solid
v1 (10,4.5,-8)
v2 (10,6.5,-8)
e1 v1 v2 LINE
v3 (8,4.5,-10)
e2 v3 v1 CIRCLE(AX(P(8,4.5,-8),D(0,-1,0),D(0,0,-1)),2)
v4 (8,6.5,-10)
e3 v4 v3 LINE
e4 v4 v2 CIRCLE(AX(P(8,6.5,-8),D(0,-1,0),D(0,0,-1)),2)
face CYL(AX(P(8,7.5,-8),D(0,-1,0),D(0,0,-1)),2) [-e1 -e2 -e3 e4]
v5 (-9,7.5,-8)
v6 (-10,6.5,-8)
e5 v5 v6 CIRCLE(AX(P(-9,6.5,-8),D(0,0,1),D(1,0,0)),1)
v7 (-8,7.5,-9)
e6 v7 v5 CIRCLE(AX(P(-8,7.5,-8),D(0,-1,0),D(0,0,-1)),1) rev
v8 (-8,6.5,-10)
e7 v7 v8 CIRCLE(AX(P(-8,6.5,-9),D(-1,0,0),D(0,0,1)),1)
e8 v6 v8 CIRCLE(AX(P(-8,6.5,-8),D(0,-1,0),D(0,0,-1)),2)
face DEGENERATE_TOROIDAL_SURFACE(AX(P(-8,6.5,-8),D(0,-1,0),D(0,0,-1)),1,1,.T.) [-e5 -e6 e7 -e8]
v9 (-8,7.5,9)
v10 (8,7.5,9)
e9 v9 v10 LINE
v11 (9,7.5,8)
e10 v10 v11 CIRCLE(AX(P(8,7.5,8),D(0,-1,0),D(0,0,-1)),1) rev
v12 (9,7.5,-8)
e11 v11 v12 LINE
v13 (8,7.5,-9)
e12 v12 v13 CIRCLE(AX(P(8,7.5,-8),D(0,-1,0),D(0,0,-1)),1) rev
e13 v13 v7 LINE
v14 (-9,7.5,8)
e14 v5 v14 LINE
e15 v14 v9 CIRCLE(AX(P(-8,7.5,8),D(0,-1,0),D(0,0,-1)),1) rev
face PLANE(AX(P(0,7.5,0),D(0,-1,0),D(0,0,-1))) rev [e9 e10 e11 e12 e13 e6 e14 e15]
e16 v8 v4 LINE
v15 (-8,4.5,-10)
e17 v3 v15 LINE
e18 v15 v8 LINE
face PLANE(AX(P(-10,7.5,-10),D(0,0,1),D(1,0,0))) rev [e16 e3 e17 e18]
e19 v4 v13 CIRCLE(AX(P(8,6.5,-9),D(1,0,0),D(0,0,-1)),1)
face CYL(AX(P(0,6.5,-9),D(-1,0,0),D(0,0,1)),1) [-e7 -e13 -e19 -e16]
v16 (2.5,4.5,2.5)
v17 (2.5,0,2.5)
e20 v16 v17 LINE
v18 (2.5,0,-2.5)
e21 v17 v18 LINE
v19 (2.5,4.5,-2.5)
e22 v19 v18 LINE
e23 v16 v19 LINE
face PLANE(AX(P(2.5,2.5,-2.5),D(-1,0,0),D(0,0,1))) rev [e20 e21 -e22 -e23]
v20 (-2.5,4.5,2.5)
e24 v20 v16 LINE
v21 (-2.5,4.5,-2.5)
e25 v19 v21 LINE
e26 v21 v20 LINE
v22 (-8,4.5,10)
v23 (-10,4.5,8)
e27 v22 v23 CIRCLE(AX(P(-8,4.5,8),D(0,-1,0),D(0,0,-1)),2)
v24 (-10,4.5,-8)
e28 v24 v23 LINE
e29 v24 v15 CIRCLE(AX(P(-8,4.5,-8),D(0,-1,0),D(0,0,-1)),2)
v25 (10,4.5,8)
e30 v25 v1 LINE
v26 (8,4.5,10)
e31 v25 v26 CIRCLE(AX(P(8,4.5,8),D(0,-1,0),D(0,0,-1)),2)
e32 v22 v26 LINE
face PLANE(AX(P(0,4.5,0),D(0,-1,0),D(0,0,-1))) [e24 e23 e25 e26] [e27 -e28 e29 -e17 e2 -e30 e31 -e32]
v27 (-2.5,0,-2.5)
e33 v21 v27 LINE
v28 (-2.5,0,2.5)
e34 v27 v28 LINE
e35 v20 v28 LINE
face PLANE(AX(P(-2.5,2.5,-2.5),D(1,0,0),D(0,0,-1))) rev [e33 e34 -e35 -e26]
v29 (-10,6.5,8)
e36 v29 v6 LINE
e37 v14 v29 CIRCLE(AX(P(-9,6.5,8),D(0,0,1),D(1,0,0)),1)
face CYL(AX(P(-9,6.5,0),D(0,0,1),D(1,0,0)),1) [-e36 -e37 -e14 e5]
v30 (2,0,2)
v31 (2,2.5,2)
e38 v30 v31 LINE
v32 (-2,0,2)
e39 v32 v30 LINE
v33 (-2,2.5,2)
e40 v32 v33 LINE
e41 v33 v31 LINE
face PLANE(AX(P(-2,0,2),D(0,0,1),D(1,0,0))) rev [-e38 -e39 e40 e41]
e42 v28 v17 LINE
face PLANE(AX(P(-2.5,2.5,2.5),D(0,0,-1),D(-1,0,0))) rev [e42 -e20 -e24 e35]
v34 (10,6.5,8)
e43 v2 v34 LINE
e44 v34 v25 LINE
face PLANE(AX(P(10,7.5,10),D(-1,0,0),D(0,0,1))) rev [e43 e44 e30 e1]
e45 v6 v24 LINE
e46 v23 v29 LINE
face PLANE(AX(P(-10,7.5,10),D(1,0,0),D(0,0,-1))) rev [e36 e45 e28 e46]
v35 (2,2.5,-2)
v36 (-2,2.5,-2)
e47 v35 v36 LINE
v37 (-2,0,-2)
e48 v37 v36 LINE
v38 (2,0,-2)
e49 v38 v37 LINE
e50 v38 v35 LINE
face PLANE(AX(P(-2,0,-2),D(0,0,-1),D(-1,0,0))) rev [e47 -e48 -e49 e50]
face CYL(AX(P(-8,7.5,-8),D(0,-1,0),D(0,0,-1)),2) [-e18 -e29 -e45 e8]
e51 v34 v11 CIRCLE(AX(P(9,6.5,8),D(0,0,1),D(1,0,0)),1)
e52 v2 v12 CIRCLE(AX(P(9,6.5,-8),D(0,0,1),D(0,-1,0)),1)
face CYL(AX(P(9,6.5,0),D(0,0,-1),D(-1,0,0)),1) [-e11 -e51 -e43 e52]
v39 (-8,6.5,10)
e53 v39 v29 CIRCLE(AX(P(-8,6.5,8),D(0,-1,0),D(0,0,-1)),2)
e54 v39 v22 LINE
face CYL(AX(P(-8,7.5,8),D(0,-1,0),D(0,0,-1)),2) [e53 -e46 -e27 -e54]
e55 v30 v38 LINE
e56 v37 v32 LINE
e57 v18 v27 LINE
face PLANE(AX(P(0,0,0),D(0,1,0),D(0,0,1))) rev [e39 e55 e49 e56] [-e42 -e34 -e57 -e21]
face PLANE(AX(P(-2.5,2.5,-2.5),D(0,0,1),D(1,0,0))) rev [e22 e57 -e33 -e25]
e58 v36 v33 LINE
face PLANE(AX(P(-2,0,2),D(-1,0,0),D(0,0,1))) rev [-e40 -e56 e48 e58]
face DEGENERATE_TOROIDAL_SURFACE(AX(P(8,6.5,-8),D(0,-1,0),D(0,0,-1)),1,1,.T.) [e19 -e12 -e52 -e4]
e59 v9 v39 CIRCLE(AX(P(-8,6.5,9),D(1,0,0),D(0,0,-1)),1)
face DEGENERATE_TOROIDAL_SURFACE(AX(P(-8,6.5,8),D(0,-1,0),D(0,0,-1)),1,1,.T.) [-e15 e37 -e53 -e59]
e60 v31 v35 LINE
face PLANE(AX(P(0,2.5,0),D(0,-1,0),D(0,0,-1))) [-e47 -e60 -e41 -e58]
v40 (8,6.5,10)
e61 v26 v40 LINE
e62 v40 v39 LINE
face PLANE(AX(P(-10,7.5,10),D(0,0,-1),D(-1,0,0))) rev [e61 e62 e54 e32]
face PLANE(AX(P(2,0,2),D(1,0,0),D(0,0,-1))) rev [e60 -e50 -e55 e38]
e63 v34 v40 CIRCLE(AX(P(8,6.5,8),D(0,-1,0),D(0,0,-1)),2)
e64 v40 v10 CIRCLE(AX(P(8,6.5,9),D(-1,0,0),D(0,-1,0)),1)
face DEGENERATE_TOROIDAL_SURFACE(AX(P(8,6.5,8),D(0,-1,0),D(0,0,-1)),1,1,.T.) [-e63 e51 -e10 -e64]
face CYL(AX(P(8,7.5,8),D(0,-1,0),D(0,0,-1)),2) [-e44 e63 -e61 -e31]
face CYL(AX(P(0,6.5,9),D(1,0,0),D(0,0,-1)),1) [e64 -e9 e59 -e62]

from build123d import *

# Parameters (mm, degrees)
SKETCH_1_W          = 5
SKETCH_1_H          = 5
EXTRUDE_1_DEPTH     = 2.5
SKETCH_2_W          = 4
SKETCH_2_H          = 4
CUT_EXTRUDE_1_DEPTH = 2.5
SKETCH_4_W          = 5
SKETCH_4_H          = 5
EXTRUDE_3_DEPTH     = 2
SKETCH_5_W          = 20
SKETCH_5_H          = 20
EXTRUDE_4_DEPTH     = 3
FILLET_6_R          = 2
FILLET_7_R          = 1


with BuildPart() as part:
    # 스케치1 → 보스-돌출1 (new body)
    with BuildSketch(Plane(origin=(0, 0, 0), x_dir=(1, 0, 0), z_dir=(0, 1, 0))):
        Rectangle(SKETCH_1_W, SKETCH_1_H)
    extrude(amount=EXTRUDE_1_DEPTH)

    # 스케치2 → 컷-돌출1 (cut)
    with BuildSketch(Plane(origin=(0, 2.5, 0), x_dir=(1, 0, 0), z_dir=(0, 1, 0))):
        Rectangle(SKETCH_2_W, SKETCH_2_H)
    extrude(amount=-CUT_EXTRUDE_1_DEPTH, mode=Mode.SUBTRACT)

    # 스케치4 → 보스-돌출3 (add)
    with BuildSketch(Plane(origin=(0, 2.5, 0), x_dir=(1, 0, 0), z_dir=(0, 1, 0))):
        Rectangle(SKETCH_4_W, SKETCH_4_H)
    extrude(amount=EXTRUDE_3_DEPTH)

    # 스케치5 → 보스-돌출4 (add)
    with BuildSketch(Plane(origin=(0, 4.5, 0), x_dir=(1, 0, 0), z_dir=(0, 1, 0))):
        Rectangle(SKETCH_5_W, SKETCH_5_H)
    extrude(amount=EXTRUDE_4_DEPTH)

    # 필렛6
    fillet_6_edges = [part.edges().sort_by_distance(p)[0] for p in [
        (10, 6, 10),
        (10, 6, -10),
        (-10, 6, -10),
        (-10, 6, 10),
    ]]
    fillet(fillet_6_edges, radius=FILLET_6_R)

    # 필렛7
    fillet_7_edges = [part.edges().sort_by_distance(p)[0] for p in [
        (-10, 7.5, 0),
        (0, 7.5, -10),
        (10, 7.5, 0),
        (0, 7.5, 10),
        (-9.414213562, 7.5, 9.414213562),
        (9.414213562, 7.5, 9.414213562),
        (9.414213562, 7.5, -9.414213562),
        (-9.414213562, 7.5, -9.414213562),
    ]]
    fillet(fillet_7_edges, radius=FILLET_7_R)


solid = part.part
